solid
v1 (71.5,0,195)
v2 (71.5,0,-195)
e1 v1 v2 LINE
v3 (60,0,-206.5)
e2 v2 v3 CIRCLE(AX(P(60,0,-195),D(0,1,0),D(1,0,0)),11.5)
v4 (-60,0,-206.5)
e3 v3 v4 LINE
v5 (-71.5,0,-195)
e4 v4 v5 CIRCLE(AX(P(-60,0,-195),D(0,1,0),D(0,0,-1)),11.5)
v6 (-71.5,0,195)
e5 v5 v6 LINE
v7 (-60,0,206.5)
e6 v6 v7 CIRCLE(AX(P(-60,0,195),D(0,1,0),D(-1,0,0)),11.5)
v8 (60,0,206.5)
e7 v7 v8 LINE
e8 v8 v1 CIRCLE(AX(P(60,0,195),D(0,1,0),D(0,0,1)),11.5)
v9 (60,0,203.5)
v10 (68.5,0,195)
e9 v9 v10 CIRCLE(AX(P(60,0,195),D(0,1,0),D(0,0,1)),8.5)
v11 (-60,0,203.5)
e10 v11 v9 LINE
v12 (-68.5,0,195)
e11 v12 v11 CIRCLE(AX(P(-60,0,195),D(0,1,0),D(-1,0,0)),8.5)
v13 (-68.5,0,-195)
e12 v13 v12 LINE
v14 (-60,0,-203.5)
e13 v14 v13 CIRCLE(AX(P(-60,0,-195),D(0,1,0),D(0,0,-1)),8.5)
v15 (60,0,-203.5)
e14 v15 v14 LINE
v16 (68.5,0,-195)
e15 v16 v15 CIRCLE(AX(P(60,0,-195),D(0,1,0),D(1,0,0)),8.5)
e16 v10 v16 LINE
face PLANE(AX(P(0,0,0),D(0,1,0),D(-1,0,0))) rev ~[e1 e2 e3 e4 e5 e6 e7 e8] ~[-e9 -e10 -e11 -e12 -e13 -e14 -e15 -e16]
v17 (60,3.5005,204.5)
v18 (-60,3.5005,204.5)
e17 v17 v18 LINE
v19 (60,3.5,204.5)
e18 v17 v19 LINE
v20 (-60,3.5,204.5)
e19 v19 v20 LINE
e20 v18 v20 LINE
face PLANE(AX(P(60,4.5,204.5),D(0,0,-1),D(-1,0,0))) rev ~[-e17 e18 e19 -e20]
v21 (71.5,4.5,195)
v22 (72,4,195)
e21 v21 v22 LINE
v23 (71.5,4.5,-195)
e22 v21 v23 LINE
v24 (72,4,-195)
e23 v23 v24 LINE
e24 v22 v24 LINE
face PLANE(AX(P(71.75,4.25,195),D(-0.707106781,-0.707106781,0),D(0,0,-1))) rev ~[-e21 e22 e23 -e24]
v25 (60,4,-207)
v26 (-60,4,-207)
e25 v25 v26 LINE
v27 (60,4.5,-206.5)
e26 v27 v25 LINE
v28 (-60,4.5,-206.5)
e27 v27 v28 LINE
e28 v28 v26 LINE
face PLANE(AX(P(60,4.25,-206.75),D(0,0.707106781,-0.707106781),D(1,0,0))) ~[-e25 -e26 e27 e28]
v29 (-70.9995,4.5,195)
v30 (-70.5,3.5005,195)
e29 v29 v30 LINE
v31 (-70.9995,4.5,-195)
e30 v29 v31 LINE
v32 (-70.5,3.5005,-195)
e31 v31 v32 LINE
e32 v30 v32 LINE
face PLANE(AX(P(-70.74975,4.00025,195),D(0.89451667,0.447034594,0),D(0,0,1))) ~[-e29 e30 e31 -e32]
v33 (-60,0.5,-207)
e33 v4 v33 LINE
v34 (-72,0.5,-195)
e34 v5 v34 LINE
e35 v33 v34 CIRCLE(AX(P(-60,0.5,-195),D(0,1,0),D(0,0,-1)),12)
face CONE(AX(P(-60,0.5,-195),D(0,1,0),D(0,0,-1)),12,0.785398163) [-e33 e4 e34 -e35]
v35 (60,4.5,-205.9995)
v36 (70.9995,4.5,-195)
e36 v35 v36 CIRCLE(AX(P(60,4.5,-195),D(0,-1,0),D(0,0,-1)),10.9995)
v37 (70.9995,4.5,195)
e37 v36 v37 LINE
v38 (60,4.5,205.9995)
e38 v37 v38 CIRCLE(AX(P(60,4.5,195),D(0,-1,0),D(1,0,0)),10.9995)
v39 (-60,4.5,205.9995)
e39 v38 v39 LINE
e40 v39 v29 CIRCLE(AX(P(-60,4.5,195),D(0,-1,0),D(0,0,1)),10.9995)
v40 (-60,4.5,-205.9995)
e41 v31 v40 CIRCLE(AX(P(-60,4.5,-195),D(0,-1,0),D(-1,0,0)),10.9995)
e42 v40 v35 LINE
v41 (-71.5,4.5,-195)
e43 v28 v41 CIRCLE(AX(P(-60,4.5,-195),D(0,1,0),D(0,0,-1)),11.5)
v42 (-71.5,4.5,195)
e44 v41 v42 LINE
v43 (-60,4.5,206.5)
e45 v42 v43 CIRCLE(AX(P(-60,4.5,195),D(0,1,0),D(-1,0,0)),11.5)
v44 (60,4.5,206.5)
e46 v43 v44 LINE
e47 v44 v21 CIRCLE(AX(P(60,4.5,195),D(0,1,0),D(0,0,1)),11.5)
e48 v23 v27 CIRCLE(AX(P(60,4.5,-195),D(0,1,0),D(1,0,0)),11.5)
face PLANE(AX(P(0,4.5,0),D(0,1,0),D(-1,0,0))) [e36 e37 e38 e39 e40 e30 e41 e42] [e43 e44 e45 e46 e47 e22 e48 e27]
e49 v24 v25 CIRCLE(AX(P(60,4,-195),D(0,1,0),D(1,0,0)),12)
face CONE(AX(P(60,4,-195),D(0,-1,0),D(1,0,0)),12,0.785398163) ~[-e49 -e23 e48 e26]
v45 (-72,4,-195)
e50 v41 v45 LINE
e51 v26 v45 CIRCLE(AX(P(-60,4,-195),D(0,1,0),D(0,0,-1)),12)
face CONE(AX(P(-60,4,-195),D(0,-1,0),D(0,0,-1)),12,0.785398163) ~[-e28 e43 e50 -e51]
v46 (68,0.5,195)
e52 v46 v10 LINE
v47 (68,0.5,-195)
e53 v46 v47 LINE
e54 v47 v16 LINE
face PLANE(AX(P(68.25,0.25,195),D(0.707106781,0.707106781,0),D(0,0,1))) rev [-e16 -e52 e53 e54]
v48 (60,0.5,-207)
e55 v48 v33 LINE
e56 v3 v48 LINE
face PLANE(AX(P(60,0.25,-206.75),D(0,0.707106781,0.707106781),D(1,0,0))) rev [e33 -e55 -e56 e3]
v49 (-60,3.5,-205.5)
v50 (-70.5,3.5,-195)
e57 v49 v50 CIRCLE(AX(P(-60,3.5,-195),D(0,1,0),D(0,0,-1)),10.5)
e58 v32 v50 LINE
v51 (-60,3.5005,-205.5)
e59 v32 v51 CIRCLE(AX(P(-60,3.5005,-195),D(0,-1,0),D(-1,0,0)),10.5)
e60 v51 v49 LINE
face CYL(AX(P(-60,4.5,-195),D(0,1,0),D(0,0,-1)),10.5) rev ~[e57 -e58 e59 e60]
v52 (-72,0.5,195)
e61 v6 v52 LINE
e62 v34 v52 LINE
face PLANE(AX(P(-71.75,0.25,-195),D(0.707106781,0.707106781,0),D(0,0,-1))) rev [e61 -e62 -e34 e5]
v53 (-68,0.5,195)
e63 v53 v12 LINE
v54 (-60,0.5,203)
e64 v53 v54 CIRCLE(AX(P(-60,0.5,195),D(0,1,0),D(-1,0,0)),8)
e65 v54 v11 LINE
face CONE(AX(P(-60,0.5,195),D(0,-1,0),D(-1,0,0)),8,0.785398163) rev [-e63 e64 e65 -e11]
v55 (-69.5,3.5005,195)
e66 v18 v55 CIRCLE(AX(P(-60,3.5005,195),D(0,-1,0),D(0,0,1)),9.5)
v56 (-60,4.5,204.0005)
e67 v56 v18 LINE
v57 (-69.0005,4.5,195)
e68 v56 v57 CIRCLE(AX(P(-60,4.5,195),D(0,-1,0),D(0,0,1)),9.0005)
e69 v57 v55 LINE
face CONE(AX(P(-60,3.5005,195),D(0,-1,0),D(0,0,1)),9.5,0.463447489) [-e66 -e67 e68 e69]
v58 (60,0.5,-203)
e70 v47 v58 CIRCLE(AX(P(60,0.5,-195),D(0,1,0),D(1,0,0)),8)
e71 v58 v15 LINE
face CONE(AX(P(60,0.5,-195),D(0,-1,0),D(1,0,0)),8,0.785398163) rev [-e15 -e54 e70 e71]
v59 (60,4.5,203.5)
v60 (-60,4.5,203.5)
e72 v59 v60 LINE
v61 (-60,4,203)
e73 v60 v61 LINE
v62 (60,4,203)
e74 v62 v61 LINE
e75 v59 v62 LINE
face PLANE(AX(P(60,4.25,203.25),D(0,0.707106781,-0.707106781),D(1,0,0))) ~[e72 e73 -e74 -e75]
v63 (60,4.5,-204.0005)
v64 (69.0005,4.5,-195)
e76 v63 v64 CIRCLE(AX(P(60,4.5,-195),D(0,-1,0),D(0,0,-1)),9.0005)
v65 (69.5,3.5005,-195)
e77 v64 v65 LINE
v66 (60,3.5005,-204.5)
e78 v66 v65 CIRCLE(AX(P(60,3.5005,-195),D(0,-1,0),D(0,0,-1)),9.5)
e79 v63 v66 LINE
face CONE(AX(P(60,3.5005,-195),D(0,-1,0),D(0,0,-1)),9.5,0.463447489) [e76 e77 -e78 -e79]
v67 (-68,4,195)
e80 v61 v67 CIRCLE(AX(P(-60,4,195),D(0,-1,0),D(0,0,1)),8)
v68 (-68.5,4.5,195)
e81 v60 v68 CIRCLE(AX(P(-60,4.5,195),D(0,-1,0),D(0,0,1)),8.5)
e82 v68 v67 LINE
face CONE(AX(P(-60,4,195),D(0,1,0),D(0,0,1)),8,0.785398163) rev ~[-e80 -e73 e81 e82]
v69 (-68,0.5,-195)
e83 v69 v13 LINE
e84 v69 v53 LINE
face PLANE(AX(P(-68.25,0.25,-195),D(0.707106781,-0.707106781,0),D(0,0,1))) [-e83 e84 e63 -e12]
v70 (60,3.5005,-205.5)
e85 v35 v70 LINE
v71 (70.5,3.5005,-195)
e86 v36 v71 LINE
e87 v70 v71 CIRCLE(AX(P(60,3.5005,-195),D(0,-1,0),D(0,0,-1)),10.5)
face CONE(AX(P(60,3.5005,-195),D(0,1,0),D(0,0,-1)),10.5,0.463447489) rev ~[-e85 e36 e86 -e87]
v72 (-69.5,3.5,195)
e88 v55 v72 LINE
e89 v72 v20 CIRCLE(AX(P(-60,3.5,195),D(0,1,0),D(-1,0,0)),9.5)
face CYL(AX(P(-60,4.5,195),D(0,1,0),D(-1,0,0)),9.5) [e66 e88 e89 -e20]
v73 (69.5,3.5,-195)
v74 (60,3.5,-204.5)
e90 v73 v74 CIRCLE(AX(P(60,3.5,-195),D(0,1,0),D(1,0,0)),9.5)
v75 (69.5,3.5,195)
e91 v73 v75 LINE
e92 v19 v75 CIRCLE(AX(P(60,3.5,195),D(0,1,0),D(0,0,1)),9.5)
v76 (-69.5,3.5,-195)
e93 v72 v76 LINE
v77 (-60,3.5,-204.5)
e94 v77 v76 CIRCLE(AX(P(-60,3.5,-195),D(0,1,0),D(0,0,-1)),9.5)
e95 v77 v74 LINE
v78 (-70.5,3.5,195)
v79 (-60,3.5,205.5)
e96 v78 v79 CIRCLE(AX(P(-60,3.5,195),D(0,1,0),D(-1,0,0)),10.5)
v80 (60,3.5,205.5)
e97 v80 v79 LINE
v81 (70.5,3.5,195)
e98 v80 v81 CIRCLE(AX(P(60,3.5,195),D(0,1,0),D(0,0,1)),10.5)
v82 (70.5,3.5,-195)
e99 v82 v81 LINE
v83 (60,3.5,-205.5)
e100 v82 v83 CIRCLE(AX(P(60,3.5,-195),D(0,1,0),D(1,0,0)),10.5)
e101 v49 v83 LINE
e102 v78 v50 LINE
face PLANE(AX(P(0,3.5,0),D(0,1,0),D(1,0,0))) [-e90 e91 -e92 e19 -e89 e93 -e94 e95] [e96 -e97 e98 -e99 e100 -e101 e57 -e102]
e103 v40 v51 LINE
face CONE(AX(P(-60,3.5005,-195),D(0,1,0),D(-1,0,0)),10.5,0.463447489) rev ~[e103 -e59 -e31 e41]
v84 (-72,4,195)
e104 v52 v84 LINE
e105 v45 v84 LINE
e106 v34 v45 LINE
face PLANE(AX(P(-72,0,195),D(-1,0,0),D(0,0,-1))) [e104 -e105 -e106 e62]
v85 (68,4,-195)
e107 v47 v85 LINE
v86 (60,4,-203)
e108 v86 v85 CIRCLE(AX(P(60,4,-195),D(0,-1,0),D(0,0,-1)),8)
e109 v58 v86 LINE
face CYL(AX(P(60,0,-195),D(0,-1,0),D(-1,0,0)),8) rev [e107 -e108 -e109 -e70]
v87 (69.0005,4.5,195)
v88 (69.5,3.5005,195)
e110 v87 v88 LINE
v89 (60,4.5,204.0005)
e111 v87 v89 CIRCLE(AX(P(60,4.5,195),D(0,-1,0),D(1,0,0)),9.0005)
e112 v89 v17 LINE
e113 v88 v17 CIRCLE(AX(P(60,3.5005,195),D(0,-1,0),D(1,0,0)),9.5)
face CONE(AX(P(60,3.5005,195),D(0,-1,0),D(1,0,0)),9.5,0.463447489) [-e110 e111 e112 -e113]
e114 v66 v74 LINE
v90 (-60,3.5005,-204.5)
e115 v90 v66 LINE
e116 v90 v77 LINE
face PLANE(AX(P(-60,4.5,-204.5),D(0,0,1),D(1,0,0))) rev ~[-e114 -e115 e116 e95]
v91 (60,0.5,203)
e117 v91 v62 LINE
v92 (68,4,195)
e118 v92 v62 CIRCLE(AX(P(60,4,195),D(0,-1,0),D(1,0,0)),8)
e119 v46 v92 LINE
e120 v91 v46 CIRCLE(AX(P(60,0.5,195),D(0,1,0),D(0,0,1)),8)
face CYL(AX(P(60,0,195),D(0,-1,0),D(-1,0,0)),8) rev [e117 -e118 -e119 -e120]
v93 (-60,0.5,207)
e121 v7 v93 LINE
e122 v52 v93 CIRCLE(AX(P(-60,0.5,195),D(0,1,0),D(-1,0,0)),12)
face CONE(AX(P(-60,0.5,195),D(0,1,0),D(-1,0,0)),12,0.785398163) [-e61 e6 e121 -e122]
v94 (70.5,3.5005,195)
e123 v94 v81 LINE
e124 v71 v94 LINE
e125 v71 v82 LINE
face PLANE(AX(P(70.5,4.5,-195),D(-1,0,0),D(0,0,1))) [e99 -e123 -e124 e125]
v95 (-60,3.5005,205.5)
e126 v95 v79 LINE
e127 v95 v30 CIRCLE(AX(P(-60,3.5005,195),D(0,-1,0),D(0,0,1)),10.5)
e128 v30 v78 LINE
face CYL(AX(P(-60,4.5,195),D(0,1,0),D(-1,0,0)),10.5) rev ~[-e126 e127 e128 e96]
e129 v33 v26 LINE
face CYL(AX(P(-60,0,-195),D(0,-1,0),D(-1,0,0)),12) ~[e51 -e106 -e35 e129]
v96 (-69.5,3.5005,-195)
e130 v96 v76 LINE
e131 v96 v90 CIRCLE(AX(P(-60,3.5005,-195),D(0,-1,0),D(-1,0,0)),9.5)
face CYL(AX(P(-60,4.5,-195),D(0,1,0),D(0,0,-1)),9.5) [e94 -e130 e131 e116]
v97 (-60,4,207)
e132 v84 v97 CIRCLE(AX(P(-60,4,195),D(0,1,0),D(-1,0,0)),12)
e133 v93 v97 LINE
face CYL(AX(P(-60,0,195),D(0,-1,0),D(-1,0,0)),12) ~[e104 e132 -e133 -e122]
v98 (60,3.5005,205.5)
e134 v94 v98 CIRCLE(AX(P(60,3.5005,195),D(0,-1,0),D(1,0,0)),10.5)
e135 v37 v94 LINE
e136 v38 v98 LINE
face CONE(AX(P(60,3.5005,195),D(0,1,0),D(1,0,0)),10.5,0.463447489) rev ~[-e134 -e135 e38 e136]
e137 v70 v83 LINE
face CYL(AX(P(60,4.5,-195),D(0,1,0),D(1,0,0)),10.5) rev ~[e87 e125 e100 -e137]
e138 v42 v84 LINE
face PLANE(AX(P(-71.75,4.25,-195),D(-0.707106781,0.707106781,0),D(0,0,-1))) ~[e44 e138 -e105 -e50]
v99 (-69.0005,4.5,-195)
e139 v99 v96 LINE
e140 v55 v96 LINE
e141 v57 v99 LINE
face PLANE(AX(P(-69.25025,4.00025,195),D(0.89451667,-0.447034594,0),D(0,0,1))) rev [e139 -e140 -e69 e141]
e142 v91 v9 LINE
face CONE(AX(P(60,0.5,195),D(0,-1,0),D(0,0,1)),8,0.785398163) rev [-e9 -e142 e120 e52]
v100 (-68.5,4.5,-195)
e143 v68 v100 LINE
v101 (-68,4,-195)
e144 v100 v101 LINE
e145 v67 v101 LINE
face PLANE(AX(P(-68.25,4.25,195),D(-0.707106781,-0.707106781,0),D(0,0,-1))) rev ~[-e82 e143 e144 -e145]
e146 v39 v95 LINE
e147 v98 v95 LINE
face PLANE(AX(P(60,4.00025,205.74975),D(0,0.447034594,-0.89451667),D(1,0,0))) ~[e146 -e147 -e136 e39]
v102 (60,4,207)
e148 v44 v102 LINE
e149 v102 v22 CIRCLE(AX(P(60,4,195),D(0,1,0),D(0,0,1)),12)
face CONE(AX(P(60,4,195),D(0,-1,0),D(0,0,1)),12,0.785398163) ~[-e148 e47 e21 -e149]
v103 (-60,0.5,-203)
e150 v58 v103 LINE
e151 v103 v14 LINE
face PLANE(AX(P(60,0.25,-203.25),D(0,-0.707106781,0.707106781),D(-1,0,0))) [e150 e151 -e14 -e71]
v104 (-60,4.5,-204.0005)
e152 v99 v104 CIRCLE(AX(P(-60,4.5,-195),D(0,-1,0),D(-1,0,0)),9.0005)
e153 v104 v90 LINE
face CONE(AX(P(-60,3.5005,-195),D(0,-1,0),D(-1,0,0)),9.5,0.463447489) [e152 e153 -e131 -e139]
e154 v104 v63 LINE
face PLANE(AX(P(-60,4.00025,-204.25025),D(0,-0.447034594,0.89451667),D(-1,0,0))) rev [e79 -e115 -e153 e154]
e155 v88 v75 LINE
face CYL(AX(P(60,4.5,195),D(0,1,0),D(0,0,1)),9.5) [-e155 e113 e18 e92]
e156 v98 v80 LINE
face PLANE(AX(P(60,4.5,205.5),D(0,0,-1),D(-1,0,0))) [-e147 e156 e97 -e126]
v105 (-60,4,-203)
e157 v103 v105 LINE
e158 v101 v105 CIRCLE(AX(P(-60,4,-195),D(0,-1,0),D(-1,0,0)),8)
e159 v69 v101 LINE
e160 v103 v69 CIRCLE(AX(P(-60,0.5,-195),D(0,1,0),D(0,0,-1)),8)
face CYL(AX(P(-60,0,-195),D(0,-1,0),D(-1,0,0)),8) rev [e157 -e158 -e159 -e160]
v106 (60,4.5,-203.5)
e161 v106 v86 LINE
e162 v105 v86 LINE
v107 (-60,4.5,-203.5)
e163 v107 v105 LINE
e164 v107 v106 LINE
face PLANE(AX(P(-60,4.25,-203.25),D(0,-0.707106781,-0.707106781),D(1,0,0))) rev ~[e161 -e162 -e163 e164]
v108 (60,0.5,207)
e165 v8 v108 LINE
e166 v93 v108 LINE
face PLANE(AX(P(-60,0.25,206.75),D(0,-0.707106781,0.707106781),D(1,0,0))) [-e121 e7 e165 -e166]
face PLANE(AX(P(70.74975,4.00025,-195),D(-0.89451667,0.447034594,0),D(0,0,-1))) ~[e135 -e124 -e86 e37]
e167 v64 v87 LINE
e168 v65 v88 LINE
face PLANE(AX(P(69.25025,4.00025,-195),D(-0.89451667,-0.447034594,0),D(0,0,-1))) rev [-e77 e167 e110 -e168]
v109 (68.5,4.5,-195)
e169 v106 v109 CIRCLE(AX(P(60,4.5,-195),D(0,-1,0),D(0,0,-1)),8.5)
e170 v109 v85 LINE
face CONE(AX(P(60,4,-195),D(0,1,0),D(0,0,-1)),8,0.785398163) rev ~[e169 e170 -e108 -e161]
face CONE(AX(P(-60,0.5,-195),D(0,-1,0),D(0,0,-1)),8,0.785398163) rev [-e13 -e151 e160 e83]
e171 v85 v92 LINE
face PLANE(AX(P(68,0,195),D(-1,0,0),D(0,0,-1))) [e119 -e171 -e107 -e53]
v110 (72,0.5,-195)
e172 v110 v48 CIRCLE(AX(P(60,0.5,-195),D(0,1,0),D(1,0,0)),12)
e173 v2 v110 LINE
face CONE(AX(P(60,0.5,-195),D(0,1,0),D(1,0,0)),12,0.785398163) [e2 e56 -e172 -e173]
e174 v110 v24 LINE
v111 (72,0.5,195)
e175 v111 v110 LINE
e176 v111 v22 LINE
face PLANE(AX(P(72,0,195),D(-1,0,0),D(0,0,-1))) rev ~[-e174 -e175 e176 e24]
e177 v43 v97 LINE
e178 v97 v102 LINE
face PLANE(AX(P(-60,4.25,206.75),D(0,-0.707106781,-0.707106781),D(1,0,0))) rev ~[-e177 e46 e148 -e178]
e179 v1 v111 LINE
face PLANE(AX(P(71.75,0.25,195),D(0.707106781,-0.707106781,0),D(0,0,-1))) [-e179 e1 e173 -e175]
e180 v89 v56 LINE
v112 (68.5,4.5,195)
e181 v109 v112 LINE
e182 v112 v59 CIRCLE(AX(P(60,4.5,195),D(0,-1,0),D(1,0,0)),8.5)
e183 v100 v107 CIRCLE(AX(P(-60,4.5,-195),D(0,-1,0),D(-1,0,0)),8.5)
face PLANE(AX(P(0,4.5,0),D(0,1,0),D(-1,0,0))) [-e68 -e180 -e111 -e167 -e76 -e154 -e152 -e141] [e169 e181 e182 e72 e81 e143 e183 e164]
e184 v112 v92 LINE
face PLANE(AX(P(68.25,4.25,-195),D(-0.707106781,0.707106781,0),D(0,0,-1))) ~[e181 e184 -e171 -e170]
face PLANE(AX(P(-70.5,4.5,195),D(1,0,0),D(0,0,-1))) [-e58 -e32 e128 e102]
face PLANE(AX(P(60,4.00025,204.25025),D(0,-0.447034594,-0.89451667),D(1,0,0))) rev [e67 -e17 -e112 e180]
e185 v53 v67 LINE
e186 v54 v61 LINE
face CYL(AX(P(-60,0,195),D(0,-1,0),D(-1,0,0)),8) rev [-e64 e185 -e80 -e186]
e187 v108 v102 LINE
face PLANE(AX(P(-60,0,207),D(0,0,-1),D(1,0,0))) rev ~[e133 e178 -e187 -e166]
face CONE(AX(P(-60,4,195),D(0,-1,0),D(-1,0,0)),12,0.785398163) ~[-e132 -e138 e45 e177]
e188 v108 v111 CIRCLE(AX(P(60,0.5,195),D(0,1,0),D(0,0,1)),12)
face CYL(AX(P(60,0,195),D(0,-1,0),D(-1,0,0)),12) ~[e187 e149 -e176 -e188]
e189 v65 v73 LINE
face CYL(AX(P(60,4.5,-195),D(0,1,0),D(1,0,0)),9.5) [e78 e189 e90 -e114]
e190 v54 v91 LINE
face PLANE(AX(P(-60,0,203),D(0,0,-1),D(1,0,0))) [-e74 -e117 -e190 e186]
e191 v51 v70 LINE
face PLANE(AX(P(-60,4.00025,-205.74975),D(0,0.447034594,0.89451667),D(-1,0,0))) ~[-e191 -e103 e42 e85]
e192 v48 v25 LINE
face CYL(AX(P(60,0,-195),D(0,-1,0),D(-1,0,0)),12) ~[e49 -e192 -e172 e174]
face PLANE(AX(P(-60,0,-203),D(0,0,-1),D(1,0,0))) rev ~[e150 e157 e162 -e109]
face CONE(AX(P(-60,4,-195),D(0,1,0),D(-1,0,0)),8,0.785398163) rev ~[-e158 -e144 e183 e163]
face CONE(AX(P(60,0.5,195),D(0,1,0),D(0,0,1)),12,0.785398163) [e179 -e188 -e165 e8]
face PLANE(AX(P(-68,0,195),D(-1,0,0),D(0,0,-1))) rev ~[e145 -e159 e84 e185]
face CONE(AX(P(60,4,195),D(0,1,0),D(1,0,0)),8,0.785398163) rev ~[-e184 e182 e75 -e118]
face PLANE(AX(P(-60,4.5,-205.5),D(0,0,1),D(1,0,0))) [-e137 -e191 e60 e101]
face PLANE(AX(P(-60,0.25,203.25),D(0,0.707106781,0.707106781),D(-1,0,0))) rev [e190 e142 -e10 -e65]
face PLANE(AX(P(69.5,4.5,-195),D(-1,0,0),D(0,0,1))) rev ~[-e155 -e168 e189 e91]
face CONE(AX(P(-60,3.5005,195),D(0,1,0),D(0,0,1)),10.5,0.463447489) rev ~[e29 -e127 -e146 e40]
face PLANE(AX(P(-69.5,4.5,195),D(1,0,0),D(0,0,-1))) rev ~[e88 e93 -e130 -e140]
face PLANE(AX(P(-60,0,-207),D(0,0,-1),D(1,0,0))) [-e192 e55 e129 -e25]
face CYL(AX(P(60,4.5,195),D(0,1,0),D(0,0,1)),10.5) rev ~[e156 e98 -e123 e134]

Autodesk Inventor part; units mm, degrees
ref_plane "YZ Plane" through (0, 0, 0) normal (1, 0, 0) x (0, 1, 0)
ref_plane "XZ Plane" through (0, 0, 0) normal (0, 1, 0) x (-1, 0, 0)
ref_plane "XY Plane" through (0, 0, 0) normal (0, 0, 1) x (1, 0, 0)
sketch "Sketch1" plane through (0, 0, 0) normal (0, 1, 0) x (-1, 0, 0)
  circle A0 centre (60, 195) radius 12
  circle A1 centre (60, -195) radius 12
  circle A2 centre (-60, 195) radius 12
  circle A3 centre (-60, -195) radius 12
  line L0 (72, 195) -> (72, -195)
  line L1 (60, -207) -> (-60, -207)
  line L2 (60, 207) -> (-60, 207)
  line L3 (-72, 195) -> (-72, -195)
  line L4 (68, 195) -> (68, -195)
  circle A4 centre (60, 195) radius 8
  line L5 (60, 203) -> (-60, 203)
  circle A5 centre (-60, 195) radius 8
  line L6 (-68, 195) -> (-68, -195)
  circle A6 centre (-60, -195) radius 8
  line L7 (60, -203) -> (-60, -203)
  circle A7 centre (60, -195) radius 8
  point P0 (0, 0)
  point P1 (72, 0)
  point P2 (0, 207)
  point P3 (35, 143)
  point P4 (68, 135)
  point P5 (68, -135)
  point P6 (35, -143)
  point P7 (-60, -203)
  point P8 (-68, -135)
  point P9 (-68, 135)
  point P10 (-60, 203)
  dimension "d0" = 24
  dimension "d1" = 24
  dimension "d2" = 24
  dimension "d3" = 24
  dimension "d6" = 4
  dimension "d7" = 4
  dimension "d8" = 4
  dimension "d9" = 4
  dimension "d10" = 4
  dimension "d11" = 4
  dimension "d12" = 4
  dimension "d13" = 4
  dimension "d35" = 414
  dimension "d36" = 144
extrude "Extrusion1" add sketch "Sketch1" along normal blind 4.5 contours A0 L4 A4 L5 | L0 A1 L4 A0 | A0 L5 A2 L2 | A1 L7 A7 L4 | A2 L5 A5 L6 | L1 A3 L7 A1 | A2 L6 A3 L3 | A3 L6 A6 L7 picked at (54.6594, 203.5636) picked at (54.6594, -203.5636) picked at (-54.6594, 203.5636) picked at (-54.6594, -203.5636)
sketch "Sketch2" plane through (0, 4.5, 0) normal (0, 1, 0) x (1, 0, 0)
  line L0 (-72, 195) -> (-72, -195) projected
  arc A0 (-72, -195) -> (-60, -207) centre (-60, -195) ccw projected
  line L1 (-60, -207) -> (60, -207) projected
  arc A1 (60, -207) -> (72, -195) centre (60, -195) ccw projected
  line L2 (72, -195) -> (72, 195) projected
  arc A2 (72, 195) -> (60, 207) centre (60, 195) ccw projected
  line L3 (60, 207) -> (-60, 207) projected
  arc A3 (-60, 207) -> (-72, 195) centre (-60, 195) ccw projected
  line L4 (-69.5, -195) -> (-69.5, 195)
  arc A4 (-60, 204.5) -> (-69.5, 195) centre (-60, 195) ccw
  line L5 (-60, 204.5) -> (60, 204.5)
  arc A5 (69.5, 195) -> (60, 204.5) centre (60, 195) ccw
  line L6 (69.5, 195) -> (69.5, -195)
  arc A6 (60, -204.5) -> (69.5, -195) centre (60, -195) ccw
  line L7 (60, -204.5) -> (-60, -204.5)
  arc A7 (-69.5, -195) -> (-60, -204.5) centre (-60, -195) ccw
  line L8 (-70.5, -195) -> (-70.5, 195)
  arc A8 (-60, 205.5) -> (-70.5, 195) centre (-60, 195) ccw
  line L9 (-60, 205.5) -> (60, 205.5)
  arc A9 (70.5, 195) -> (60, 205.5) centre (60, 195) ccw
  line L10 (70.5, 195) -> (70.5, -195)
  arc A10 (60, -205.5) -> (70.5, -195) centre (60, -195) ccw
  line L11 (60, -205.5) -> (-60, -205.5)
  arc A11 (-70.5, -195) -> (-60, -205.5) centre (-60, -195) ccw
  point P0 (0, 0)
  dimension "d16" = 2.5
  dimension "d17" = 1.5
extrude "Extrusion2" cut sketch "Sketch2" against normal blind 1 contours L8 A8 L9 A9 L10 A10 L11 A11
chamfer "Chamfer3" distance 0.5 distance2 1 8 edges at (0, 4.5, 205.5) (-67.4246, 4.5, 202.4246) (-70.5, 4.5, 0) (-67.4246, 4.5, -202.4246) (0, 4.5, -205.5) (67.4246, 4.5, -202.4246) (70.5, 4.5, 0) (67.4246, 4.5, 202.4246) measured on face at (-71, 4.5, 65)
chamfer "Chamfer4" distance 0.5 distance2 1 8 edges at (0, 4.5, 204.5) (66.7175, 4.5, 201.7175) (69.5, 4.5, 0) (66.7175, 4.5, -201.7175) (0, 4.5, -204.5) (-66.7175, 4.5, -201.7175) (-69.5, 4.5, 0) (-66.7175, 4.5, 201.7175) measured on face at (-69, 4.5, -65)
chamfer "Chamfer5" distance 0.5 angle 45 32 edges at (0, 4.5, 207) (68.4853, 4.5, 203.4853) (72, 4.5, 0) (68.4853, 4.5, -203.4853) (0, 4.5, -207) (-68.4853, 4.5, -203.4853) (-72, 4.5, 0) (-68.4853, 4.5, 203.4853) (0, 4.5, 203) (-65.6569, 4.5, 200.6569) (-68, 4.5, 0) (-65.6569, 4.5, -200.6569) (0, 4.5, -203) (65.6569, 4.5, -200.6569) (68, 4.5, 0) (65.6569, 4.5, 200.6569) (68.4853, 0, 203.4853) (72, 0, 0) (68.4853, 0, -203.4853) (0, 0, -207) (-68.4853, 0, -203.4853) (-72, 0, 0) (-68.4853, 0, 203.4853) (0, 0, 207) (0, 0, 203) (-65.6569, 0, 200.6569) (-68, 0, 0) (-65.6569, 0, -200.6569) (0, 0, -203) (65.6569, 0, -200.6569) (68, 0, 0) (65.6569, 0, 200.6569)
properties part number "LI0005-SEAL"
